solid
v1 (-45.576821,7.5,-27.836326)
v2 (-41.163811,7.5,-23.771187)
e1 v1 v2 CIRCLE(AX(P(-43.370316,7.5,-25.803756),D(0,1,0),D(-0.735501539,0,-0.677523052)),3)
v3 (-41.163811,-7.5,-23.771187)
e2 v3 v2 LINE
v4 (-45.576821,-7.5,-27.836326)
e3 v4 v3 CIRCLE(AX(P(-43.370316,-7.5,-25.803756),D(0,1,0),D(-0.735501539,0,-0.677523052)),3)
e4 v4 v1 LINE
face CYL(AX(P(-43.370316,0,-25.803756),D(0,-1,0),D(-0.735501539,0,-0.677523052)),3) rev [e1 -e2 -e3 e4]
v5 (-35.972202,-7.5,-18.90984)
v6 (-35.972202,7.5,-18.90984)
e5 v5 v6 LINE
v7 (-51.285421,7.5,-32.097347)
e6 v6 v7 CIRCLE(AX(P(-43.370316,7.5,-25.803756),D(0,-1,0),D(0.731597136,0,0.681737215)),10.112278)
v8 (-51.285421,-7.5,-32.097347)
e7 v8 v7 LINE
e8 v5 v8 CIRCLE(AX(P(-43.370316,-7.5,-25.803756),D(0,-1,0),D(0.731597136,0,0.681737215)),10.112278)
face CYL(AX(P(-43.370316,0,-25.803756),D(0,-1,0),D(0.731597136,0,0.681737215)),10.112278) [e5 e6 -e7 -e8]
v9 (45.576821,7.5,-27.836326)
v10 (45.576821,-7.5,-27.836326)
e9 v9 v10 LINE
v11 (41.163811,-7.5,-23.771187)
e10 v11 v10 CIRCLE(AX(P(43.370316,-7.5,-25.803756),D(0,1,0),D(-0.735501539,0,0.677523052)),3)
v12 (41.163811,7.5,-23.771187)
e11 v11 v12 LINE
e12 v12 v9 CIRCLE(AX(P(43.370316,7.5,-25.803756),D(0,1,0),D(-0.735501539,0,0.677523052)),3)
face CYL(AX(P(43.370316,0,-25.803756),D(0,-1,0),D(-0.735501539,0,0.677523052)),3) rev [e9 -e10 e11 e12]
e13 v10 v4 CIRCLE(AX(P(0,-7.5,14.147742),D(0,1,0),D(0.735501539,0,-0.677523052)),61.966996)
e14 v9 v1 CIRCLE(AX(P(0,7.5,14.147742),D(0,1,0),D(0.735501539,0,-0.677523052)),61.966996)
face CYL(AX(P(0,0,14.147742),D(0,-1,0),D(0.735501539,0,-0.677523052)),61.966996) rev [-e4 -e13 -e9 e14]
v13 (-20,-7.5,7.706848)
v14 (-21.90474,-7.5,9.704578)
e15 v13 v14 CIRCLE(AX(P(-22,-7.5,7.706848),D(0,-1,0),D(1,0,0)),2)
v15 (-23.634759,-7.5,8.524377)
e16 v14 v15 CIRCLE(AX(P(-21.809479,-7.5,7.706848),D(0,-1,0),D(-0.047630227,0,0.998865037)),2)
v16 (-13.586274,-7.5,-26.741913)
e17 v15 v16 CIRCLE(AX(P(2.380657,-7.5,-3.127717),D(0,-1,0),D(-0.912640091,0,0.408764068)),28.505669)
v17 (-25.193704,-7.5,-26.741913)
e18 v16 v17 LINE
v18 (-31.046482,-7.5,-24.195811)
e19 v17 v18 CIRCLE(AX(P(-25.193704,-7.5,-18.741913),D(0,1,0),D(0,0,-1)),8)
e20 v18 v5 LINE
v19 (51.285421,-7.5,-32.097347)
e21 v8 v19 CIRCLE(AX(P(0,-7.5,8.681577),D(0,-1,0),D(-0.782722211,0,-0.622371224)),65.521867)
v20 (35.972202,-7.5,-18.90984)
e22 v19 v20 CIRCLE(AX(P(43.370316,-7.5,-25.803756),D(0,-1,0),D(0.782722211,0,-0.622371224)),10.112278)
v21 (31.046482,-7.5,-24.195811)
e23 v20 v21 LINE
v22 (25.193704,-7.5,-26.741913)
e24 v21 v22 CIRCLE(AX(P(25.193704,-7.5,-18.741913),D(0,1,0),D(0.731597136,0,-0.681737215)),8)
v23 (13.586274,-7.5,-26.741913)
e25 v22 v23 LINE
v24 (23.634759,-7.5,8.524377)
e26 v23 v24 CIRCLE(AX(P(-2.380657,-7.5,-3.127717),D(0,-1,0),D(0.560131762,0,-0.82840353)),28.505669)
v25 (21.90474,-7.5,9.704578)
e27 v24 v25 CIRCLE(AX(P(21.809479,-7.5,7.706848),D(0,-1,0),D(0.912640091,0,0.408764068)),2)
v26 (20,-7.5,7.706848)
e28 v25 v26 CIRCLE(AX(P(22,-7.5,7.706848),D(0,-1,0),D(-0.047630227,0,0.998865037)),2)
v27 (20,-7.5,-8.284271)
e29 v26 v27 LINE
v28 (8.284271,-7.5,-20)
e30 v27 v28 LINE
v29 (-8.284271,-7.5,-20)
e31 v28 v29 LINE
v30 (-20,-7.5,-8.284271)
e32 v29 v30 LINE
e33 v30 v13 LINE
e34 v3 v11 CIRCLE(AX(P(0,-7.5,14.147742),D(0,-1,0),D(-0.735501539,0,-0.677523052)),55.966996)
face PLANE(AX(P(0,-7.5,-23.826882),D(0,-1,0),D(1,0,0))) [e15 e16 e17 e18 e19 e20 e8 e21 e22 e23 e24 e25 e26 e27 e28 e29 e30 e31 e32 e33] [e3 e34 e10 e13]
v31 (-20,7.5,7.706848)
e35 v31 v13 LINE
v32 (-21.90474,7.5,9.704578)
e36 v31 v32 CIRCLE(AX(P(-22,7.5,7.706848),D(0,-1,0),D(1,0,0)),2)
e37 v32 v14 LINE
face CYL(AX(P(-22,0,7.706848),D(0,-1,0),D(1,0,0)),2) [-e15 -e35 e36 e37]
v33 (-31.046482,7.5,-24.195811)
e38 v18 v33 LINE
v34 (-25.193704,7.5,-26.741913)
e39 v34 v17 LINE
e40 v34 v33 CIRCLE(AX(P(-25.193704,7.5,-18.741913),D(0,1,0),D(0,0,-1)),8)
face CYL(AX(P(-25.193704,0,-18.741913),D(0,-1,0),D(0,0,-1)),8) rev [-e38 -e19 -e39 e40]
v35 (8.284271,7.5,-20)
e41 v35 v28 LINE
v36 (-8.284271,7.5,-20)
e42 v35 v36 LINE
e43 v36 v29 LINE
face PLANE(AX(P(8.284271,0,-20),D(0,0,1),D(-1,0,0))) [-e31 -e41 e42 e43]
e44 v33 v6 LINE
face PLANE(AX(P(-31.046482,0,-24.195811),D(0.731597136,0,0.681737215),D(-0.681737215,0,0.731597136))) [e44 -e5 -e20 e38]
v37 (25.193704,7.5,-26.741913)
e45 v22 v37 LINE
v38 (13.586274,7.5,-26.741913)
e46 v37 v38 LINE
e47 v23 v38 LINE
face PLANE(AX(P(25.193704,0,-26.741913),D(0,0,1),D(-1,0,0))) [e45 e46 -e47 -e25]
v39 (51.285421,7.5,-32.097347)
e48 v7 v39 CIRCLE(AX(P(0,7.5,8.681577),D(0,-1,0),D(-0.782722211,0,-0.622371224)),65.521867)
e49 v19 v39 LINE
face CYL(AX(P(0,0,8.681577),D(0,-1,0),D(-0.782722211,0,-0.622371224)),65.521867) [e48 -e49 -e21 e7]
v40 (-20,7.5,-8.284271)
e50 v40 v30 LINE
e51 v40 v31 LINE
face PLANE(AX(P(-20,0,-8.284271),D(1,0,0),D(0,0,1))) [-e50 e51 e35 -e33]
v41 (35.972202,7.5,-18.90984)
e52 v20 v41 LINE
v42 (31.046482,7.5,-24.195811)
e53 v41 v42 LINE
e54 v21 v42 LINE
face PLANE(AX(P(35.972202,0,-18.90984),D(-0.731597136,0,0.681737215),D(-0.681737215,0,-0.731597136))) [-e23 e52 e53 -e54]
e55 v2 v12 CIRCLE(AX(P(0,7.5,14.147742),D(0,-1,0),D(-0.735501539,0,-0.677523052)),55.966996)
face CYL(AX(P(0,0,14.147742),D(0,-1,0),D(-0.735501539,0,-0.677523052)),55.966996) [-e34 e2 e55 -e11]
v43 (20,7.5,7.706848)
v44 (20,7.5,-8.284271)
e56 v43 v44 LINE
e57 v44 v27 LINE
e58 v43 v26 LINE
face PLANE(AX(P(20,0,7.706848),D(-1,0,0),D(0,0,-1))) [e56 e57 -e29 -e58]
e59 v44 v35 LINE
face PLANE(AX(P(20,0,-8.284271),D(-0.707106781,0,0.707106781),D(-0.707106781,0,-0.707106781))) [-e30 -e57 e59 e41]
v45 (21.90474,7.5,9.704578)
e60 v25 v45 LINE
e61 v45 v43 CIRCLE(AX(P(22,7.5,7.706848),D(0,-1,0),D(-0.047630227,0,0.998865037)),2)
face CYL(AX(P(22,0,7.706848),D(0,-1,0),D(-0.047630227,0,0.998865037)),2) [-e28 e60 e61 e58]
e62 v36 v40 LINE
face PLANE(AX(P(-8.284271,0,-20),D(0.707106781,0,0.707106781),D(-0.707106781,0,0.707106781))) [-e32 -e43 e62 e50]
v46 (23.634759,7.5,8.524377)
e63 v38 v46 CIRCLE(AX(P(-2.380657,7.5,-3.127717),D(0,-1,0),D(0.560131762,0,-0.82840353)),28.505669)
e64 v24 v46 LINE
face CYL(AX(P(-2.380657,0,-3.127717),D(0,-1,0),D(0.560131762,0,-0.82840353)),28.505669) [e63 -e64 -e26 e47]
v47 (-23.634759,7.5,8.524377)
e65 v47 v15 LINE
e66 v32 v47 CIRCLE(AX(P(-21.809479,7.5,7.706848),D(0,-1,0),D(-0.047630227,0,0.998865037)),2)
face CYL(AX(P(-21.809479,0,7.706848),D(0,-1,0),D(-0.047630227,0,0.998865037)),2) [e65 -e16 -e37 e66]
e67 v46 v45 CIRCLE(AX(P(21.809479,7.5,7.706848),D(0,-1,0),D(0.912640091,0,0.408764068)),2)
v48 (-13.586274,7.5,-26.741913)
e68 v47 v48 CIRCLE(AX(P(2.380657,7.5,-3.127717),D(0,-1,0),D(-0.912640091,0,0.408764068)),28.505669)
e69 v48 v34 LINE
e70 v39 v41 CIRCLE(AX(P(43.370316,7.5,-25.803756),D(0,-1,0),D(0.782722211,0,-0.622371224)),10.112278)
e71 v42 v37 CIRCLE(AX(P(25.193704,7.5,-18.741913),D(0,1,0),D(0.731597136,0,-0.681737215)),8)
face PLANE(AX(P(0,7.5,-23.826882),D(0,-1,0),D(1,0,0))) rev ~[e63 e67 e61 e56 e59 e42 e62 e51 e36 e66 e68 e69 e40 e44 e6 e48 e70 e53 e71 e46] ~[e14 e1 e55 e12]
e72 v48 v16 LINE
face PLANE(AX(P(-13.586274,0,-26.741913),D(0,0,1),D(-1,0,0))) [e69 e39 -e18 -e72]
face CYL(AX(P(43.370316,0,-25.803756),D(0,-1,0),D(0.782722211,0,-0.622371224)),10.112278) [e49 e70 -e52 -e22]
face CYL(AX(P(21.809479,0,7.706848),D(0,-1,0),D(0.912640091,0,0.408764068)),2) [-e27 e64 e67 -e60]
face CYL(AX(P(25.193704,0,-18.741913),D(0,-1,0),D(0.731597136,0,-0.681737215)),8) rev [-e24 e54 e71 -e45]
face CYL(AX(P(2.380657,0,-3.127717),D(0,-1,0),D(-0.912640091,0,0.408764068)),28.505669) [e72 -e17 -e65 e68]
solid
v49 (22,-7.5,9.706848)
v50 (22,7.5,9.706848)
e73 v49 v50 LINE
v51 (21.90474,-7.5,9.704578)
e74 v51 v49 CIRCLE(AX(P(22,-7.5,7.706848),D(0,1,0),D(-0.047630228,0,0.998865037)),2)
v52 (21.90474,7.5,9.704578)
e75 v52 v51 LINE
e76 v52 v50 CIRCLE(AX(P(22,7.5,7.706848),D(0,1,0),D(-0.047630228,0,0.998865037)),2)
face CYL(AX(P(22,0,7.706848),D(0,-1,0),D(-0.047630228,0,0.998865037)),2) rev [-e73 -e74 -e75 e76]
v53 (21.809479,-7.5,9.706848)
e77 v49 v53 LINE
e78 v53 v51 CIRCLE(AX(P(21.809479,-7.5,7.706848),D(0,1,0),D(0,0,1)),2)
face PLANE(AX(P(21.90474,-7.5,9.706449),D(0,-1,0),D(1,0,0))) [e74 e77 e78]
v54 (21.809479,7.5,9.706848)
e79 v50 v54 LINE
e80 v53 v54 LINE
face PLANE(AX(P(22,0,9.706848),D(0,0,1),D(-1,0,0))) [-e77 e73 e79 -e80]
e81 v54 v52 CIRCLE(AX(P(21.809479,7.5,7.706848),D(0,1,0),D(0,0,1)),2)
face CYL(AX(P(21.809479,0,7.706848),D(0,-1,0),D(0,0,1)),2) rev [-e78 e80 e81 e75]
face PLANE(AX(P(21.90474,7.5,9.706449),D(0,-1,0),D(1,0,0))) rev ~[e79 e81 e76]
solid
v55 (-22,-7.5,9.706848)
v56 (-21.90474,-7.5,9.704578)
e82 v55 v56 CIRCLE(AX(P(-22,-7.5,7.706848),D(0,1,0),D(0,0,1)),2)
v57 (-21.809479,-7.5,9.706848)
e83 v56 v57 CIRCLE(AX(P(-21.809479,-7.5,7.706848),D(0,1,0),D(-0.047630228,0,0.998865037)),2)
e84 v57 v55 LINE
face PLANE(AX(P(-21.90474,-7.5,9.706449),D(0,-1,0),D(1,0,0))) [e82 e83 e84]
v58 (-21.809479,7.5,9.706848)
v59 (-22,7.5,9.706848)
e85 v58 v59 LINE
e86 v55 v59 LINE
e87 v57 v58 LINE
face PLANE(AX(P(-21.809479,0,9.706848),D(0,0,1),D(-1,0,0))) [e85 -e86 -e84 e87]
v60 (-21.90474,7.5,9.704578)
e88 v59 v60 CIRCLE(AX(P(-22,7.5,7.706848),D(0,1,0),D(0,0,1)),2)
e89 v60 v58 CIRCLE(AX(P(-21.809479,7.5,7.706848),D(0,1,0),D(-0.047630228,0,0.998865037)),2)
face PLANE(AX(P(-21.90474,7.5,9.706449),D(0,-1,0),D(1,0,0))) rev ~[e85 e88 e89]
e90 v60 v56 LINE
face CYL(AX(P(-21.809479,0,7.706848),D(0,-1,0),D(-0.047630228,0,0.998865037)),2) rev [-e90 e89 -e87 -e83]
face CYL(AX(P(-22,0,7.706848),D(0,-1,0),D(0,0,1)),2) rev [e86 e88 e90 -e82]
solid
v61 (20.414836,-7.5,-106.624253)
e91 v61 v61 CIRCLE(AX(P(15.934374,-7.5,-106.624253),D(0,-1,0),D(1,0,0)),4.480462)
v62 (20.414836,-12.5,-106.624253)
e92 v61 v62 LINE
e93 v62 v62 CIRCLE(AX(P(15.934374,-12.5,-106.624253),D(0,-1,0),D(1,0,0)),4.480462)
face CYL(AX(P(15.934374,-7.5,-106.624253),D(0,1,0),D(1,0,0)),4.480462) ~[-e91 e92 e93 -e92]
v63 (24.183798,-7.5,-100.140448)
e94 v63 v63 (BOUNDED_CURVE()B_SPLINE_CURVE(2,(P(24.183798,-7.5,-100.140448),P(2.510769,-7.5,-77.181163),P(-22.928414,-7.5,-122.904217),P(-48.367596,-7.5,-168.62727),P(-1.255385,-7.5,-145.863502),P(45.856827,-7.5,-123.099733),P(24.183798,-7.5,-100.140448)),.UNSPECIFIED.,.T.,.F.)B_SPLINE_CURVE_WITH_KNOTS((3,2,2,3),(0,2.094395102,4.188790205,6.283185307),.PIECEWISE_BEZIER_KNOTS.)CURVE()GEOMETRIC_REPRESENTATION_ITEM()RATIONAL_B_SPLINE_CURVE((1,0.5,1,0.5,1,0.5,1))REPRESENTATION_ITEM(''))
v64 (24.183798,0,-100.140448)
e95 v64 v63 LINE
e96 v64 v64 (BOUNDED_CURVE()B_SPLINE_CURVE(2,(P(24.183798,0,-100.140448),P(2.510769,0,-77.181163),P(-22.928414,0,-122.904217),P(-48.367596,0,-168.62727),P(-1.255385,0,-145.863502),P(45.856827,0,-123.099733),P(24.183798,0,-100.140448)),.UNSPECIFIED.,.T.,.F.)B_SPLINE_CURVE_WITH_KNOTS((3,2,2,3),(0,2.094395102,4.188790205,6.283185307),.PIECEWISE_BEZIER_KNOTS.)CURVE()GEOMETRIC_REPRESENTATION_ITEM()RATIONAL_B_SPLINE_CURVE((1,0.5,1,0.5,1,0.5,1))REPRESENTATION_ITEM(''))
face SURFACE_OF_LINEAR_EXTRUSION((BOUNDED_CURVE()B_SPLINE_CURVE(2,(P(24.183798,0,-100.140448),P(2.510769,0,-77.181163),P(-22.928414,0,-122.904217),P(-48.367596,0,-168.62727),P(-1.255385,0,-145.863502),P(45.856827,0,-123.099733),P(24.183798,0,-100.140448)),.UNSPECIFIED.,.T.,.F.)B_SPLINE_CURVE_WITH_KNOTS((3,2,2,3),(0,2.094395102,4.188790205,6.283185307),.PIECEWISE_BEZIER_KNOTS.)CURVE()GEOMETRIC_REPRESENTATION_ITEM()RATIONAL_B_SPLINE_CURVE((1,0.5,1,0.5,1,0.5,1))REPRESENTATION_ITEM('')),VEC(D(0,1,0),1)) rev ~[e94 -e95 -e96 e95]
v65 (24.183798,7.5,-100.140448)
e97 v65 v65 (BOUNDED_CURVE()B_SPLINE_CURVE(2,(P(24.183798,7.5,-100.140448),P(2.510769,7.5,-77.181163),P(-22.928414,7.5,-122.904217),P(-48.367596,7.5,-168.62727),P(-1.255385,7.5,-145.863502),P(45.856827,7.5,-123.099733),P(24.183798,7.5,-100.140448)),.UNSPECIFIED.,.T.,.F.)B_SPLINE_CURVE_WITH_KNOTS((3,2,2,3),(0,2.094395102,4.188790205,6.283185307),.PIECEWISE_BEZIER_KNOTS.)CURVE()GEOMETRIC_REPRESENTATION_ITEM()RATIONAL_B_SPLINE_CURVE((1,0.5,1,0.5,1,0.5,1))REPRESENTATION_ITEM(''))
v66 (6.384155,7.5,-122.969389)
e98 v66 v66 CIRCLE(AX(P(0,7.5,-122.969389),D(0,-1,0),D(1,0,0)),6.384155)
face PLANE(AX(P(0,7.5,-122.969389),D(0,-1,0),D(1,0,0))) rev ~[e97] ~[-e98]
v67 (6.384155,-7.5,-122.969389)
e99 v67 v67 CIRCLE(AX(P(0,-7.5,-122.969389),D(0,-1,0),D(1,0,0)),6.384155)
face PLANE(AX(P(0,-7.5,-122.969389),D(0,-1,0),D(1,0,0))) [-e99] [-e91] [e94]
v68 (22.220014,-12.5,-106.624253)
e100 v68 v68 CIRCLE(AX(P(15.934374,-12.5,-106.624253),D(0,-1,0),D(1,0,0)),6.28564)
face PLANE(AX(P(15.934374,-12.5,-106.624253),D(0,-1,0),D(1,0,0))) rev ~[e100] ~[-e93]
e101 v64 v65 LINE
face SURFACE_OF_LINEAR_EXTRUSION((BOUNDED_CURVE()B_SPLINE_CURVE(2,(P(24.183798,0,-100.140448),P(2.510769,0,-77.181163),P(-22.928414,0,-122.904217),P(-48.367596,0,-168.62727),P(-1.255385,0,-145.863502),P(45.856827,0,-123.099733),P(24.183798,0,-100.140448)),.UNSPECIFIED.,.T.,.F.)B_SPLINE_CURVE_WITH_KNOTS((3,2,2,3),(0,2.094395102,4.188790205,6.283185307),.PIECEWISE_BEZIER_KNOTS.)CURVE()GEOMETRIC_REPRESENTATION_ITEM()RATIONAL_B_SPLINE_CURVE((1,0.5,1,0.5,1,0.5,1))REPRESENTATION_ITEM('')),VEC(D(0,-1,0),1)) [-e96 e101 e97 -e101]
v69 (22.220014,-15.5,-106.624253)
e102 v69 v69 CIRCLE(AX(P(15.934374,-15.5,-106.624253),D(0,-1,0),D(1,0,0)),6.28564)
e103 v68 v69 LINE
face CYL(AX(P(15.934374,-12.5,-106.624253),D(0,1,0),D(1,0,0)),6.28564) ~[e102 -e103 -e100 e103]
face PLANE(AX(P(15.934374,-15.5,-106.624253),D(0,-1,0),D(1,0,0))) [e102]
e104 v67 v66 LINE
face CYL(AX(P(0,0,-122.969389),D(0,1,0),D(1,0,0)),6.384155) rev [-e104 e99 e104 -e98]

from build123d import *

# Parameters (mm, degrees)
F1_DEPTH = 7.5
F2_R     = 6.3841546586
F3_DEPTH = 7.5
F5_R     = 4.4804621584
F6_DEPTH = 5
F7_R     = 6.2856396219
F8_DEPTH = 3


with BuildPart() as f1:
    # F0 (on Front) → F1 (new body, symmetric)
    with BuildSketch(Plane.XZ):
        with BuildLine():
            ThreePointArc((21.9047395452, 9.7045784378), (20.5524985476, 9.0869713827), (20, 7.7068483645))
            Line((20, 7.7068483645), (20, -8.2842712475))
            Line((20, -8.2842712475), (8.2842712475, -20))
            Line((8.2842712475, -20), (-8.2842712475, -20))
            Line((-8.2842712475, -20), (-20, -8.2842712475))
            Line((-20, -8.2842712475), (-20, 7.7068483645))
            ThreePointArc((-20, 7.7068483645), (-20.5524985476, 9.0869713827), (-21.9047395452, 9.7045784378))
            ThreePointArc((-21.9047395452, 9.7045784378), (-22.9365719164, 9.35901717), (-23.6347592734, 8.5243765009))
            ThreePointArc((-23.6347592734, 8.5243765009), (-25.033885906, -10.9389903885), (-13.5862735472, -26.7419134499))
            Line((-13.5862735472, -26.7419134499), (-25.1937044334, -26.7419134499))
            ThreePointArc((-25.1937044334, -26.7419134499), (-28.385006539, -26.0778244956), (-31.0464815251, -24.1958111676))
            Line((-31.0464815251, -24.1958111676), (-35.9722022686, -18.9098401026))
            ThreePointArc((-35.9722022686, -18.9098401026), (-49.9691344844, -18.1412658309), (-51.2854205878, -32.0973472566))
            ThreePointArc((-51.2854205878, -32.0973472566), (0, -56.8402896954), (51.2854205878, -32.0973472566))
            ThreePointArc((51.2854205878, -32.0973472566), (49.9691344844, -18.1412658309), (35.9722022686, -18.9098401026))
            Line((35.9722022686, -18.9098401026), (31.0464815251, -24.1958111676))
            ThreePointArc((31.0464815251, -24.1958111676), (28.385006539, -26.0778244956), (25.1937044334, -26.7419134499))
            Line((25.1937044334, -26.7419134499), (13.5862735472, -26.7419134499))
            ThreePointArc((13.5862735472, -26.7419134499), (25.033885906, -10.9389903885), (23.6347592734, 8.5243765009))
            ThreePointArc((23.6347592734, 8.5243765009), (22.9365719164, 9.35901717), (21.9047395452, 9.7045784378))
        make_face()
        with BuildLine():
            ThreePointArc((45.5768205594, -27.8363255401), (0, -47.8192531196), (-45.5768205594, -27.8363255401))
            ThreePointArc((-45.5768205594, -27.8363255401), (-45.4028850988, -23.5972517668), (-41.1638113255, -23.7711872274))
            ThreePointArc((-41.1638113255, -23.7711872274), (0, -41.8192531196), (41.1638113255, -23.7711872274))
            ThreePointArc((41.1638113255, -23.7711872274), (45.4028850988, -23.5972517668), (45.5768205594, -27.8363255401))
        make_face(mode=Mode.SUBTRACT)
    extrude(amount=F1_DEPTH, both=True)


with BuildPart() as f1b:
    # F0 (on Front) → F1, piece 2 (new body, symmetric)
    with BuildSketch(Plane.XZ):
        with BuildLine():
            ThreePointArc((21.8094790904, 9.7068483645), (21.8571228382, 9.7062808023), (21.9047395452, 9.7045784378))
            ThreePointArc((21.9047395452, 9.7045784378), (21.9523562522, 9.7062808023), (22, 9.7068483645))
            Line((22, 9.7068483645), (21.8094790904, 9.7068483645))
        make_face()
    extrude(amount=F1_DEPTH, both=True)


with BuildPart() as f1c:
    # F0 (on Front) → F1, piece 3 (new body, symmetric)
    with BuildSketch(Plane.XZ):
        with BuildLine():
            ThreePointArc((-22, 9.7068483645), (-21.9523562522, 9.7062808023), (-21.9047395452, 9.7045784378))
            ThreePointArc((-21.9047395452, 9.7045784378), (-21.8571228382, 9.7062808023), (-21.8094790904, 9.7068483645))
            Line((-21.8094790904, 9.7068483645), (-22, 9.7068483645))
        make_face()
    extrude(amount=F1_DEPTH, both=True)


with BuildPart() as f3:
    # F2 (on Front) → F3 (new body, symmetric)
    with BuildSketch(Plane.XZ):
        with BuildLine():
            add(Edge.make_bspline(
                [(24.1837981973, -100.1404483236), (2.5107693841, -77.1811632893), (-22.9284135052, -122.9042167638), (-48.3675963946, -168.6272702382), (-1.2553846921, -145.863501798), (45.8568270105, -123.0997333579), (24.1837981973, -100.1404483236)],
                knots=[0, 0, 0, 2.0943951024, 2.0943951024, 4.1887902048, 4.1887902048, 6.2831853072, 6.2831853072, 6.2831853072], degree=2, weights=[1, 0.5, 1, 0.5, 1, 0.5, 1]))
        make_face()
        with Locations((0, -122.9693889618)):
            Circle(F2_R, mode=Mode.SUBTRACT)
    extrude(amount=F3_DEPTH, both=True)

    # F5 (on face) → F6 (join)
    with BuildSketch(Plane.XZ.offset(7.5)):
        with Locations((15.9343741834, -106.6242530942)):
            Circle(F5_R)
    extrude(amount=F6_DEPTH)

    # F7 (on face) → F8 (join)
    with BuildSketch(Plane.XZ.offset(12.5)):
        with Locations((15.9343741834, -106.6242530942)):
            Circle(F7_R)
    extrude(amount=F8_DEPTH)


solid = Compound([f1.part, f1b.part, f1c.part, f3.part])
